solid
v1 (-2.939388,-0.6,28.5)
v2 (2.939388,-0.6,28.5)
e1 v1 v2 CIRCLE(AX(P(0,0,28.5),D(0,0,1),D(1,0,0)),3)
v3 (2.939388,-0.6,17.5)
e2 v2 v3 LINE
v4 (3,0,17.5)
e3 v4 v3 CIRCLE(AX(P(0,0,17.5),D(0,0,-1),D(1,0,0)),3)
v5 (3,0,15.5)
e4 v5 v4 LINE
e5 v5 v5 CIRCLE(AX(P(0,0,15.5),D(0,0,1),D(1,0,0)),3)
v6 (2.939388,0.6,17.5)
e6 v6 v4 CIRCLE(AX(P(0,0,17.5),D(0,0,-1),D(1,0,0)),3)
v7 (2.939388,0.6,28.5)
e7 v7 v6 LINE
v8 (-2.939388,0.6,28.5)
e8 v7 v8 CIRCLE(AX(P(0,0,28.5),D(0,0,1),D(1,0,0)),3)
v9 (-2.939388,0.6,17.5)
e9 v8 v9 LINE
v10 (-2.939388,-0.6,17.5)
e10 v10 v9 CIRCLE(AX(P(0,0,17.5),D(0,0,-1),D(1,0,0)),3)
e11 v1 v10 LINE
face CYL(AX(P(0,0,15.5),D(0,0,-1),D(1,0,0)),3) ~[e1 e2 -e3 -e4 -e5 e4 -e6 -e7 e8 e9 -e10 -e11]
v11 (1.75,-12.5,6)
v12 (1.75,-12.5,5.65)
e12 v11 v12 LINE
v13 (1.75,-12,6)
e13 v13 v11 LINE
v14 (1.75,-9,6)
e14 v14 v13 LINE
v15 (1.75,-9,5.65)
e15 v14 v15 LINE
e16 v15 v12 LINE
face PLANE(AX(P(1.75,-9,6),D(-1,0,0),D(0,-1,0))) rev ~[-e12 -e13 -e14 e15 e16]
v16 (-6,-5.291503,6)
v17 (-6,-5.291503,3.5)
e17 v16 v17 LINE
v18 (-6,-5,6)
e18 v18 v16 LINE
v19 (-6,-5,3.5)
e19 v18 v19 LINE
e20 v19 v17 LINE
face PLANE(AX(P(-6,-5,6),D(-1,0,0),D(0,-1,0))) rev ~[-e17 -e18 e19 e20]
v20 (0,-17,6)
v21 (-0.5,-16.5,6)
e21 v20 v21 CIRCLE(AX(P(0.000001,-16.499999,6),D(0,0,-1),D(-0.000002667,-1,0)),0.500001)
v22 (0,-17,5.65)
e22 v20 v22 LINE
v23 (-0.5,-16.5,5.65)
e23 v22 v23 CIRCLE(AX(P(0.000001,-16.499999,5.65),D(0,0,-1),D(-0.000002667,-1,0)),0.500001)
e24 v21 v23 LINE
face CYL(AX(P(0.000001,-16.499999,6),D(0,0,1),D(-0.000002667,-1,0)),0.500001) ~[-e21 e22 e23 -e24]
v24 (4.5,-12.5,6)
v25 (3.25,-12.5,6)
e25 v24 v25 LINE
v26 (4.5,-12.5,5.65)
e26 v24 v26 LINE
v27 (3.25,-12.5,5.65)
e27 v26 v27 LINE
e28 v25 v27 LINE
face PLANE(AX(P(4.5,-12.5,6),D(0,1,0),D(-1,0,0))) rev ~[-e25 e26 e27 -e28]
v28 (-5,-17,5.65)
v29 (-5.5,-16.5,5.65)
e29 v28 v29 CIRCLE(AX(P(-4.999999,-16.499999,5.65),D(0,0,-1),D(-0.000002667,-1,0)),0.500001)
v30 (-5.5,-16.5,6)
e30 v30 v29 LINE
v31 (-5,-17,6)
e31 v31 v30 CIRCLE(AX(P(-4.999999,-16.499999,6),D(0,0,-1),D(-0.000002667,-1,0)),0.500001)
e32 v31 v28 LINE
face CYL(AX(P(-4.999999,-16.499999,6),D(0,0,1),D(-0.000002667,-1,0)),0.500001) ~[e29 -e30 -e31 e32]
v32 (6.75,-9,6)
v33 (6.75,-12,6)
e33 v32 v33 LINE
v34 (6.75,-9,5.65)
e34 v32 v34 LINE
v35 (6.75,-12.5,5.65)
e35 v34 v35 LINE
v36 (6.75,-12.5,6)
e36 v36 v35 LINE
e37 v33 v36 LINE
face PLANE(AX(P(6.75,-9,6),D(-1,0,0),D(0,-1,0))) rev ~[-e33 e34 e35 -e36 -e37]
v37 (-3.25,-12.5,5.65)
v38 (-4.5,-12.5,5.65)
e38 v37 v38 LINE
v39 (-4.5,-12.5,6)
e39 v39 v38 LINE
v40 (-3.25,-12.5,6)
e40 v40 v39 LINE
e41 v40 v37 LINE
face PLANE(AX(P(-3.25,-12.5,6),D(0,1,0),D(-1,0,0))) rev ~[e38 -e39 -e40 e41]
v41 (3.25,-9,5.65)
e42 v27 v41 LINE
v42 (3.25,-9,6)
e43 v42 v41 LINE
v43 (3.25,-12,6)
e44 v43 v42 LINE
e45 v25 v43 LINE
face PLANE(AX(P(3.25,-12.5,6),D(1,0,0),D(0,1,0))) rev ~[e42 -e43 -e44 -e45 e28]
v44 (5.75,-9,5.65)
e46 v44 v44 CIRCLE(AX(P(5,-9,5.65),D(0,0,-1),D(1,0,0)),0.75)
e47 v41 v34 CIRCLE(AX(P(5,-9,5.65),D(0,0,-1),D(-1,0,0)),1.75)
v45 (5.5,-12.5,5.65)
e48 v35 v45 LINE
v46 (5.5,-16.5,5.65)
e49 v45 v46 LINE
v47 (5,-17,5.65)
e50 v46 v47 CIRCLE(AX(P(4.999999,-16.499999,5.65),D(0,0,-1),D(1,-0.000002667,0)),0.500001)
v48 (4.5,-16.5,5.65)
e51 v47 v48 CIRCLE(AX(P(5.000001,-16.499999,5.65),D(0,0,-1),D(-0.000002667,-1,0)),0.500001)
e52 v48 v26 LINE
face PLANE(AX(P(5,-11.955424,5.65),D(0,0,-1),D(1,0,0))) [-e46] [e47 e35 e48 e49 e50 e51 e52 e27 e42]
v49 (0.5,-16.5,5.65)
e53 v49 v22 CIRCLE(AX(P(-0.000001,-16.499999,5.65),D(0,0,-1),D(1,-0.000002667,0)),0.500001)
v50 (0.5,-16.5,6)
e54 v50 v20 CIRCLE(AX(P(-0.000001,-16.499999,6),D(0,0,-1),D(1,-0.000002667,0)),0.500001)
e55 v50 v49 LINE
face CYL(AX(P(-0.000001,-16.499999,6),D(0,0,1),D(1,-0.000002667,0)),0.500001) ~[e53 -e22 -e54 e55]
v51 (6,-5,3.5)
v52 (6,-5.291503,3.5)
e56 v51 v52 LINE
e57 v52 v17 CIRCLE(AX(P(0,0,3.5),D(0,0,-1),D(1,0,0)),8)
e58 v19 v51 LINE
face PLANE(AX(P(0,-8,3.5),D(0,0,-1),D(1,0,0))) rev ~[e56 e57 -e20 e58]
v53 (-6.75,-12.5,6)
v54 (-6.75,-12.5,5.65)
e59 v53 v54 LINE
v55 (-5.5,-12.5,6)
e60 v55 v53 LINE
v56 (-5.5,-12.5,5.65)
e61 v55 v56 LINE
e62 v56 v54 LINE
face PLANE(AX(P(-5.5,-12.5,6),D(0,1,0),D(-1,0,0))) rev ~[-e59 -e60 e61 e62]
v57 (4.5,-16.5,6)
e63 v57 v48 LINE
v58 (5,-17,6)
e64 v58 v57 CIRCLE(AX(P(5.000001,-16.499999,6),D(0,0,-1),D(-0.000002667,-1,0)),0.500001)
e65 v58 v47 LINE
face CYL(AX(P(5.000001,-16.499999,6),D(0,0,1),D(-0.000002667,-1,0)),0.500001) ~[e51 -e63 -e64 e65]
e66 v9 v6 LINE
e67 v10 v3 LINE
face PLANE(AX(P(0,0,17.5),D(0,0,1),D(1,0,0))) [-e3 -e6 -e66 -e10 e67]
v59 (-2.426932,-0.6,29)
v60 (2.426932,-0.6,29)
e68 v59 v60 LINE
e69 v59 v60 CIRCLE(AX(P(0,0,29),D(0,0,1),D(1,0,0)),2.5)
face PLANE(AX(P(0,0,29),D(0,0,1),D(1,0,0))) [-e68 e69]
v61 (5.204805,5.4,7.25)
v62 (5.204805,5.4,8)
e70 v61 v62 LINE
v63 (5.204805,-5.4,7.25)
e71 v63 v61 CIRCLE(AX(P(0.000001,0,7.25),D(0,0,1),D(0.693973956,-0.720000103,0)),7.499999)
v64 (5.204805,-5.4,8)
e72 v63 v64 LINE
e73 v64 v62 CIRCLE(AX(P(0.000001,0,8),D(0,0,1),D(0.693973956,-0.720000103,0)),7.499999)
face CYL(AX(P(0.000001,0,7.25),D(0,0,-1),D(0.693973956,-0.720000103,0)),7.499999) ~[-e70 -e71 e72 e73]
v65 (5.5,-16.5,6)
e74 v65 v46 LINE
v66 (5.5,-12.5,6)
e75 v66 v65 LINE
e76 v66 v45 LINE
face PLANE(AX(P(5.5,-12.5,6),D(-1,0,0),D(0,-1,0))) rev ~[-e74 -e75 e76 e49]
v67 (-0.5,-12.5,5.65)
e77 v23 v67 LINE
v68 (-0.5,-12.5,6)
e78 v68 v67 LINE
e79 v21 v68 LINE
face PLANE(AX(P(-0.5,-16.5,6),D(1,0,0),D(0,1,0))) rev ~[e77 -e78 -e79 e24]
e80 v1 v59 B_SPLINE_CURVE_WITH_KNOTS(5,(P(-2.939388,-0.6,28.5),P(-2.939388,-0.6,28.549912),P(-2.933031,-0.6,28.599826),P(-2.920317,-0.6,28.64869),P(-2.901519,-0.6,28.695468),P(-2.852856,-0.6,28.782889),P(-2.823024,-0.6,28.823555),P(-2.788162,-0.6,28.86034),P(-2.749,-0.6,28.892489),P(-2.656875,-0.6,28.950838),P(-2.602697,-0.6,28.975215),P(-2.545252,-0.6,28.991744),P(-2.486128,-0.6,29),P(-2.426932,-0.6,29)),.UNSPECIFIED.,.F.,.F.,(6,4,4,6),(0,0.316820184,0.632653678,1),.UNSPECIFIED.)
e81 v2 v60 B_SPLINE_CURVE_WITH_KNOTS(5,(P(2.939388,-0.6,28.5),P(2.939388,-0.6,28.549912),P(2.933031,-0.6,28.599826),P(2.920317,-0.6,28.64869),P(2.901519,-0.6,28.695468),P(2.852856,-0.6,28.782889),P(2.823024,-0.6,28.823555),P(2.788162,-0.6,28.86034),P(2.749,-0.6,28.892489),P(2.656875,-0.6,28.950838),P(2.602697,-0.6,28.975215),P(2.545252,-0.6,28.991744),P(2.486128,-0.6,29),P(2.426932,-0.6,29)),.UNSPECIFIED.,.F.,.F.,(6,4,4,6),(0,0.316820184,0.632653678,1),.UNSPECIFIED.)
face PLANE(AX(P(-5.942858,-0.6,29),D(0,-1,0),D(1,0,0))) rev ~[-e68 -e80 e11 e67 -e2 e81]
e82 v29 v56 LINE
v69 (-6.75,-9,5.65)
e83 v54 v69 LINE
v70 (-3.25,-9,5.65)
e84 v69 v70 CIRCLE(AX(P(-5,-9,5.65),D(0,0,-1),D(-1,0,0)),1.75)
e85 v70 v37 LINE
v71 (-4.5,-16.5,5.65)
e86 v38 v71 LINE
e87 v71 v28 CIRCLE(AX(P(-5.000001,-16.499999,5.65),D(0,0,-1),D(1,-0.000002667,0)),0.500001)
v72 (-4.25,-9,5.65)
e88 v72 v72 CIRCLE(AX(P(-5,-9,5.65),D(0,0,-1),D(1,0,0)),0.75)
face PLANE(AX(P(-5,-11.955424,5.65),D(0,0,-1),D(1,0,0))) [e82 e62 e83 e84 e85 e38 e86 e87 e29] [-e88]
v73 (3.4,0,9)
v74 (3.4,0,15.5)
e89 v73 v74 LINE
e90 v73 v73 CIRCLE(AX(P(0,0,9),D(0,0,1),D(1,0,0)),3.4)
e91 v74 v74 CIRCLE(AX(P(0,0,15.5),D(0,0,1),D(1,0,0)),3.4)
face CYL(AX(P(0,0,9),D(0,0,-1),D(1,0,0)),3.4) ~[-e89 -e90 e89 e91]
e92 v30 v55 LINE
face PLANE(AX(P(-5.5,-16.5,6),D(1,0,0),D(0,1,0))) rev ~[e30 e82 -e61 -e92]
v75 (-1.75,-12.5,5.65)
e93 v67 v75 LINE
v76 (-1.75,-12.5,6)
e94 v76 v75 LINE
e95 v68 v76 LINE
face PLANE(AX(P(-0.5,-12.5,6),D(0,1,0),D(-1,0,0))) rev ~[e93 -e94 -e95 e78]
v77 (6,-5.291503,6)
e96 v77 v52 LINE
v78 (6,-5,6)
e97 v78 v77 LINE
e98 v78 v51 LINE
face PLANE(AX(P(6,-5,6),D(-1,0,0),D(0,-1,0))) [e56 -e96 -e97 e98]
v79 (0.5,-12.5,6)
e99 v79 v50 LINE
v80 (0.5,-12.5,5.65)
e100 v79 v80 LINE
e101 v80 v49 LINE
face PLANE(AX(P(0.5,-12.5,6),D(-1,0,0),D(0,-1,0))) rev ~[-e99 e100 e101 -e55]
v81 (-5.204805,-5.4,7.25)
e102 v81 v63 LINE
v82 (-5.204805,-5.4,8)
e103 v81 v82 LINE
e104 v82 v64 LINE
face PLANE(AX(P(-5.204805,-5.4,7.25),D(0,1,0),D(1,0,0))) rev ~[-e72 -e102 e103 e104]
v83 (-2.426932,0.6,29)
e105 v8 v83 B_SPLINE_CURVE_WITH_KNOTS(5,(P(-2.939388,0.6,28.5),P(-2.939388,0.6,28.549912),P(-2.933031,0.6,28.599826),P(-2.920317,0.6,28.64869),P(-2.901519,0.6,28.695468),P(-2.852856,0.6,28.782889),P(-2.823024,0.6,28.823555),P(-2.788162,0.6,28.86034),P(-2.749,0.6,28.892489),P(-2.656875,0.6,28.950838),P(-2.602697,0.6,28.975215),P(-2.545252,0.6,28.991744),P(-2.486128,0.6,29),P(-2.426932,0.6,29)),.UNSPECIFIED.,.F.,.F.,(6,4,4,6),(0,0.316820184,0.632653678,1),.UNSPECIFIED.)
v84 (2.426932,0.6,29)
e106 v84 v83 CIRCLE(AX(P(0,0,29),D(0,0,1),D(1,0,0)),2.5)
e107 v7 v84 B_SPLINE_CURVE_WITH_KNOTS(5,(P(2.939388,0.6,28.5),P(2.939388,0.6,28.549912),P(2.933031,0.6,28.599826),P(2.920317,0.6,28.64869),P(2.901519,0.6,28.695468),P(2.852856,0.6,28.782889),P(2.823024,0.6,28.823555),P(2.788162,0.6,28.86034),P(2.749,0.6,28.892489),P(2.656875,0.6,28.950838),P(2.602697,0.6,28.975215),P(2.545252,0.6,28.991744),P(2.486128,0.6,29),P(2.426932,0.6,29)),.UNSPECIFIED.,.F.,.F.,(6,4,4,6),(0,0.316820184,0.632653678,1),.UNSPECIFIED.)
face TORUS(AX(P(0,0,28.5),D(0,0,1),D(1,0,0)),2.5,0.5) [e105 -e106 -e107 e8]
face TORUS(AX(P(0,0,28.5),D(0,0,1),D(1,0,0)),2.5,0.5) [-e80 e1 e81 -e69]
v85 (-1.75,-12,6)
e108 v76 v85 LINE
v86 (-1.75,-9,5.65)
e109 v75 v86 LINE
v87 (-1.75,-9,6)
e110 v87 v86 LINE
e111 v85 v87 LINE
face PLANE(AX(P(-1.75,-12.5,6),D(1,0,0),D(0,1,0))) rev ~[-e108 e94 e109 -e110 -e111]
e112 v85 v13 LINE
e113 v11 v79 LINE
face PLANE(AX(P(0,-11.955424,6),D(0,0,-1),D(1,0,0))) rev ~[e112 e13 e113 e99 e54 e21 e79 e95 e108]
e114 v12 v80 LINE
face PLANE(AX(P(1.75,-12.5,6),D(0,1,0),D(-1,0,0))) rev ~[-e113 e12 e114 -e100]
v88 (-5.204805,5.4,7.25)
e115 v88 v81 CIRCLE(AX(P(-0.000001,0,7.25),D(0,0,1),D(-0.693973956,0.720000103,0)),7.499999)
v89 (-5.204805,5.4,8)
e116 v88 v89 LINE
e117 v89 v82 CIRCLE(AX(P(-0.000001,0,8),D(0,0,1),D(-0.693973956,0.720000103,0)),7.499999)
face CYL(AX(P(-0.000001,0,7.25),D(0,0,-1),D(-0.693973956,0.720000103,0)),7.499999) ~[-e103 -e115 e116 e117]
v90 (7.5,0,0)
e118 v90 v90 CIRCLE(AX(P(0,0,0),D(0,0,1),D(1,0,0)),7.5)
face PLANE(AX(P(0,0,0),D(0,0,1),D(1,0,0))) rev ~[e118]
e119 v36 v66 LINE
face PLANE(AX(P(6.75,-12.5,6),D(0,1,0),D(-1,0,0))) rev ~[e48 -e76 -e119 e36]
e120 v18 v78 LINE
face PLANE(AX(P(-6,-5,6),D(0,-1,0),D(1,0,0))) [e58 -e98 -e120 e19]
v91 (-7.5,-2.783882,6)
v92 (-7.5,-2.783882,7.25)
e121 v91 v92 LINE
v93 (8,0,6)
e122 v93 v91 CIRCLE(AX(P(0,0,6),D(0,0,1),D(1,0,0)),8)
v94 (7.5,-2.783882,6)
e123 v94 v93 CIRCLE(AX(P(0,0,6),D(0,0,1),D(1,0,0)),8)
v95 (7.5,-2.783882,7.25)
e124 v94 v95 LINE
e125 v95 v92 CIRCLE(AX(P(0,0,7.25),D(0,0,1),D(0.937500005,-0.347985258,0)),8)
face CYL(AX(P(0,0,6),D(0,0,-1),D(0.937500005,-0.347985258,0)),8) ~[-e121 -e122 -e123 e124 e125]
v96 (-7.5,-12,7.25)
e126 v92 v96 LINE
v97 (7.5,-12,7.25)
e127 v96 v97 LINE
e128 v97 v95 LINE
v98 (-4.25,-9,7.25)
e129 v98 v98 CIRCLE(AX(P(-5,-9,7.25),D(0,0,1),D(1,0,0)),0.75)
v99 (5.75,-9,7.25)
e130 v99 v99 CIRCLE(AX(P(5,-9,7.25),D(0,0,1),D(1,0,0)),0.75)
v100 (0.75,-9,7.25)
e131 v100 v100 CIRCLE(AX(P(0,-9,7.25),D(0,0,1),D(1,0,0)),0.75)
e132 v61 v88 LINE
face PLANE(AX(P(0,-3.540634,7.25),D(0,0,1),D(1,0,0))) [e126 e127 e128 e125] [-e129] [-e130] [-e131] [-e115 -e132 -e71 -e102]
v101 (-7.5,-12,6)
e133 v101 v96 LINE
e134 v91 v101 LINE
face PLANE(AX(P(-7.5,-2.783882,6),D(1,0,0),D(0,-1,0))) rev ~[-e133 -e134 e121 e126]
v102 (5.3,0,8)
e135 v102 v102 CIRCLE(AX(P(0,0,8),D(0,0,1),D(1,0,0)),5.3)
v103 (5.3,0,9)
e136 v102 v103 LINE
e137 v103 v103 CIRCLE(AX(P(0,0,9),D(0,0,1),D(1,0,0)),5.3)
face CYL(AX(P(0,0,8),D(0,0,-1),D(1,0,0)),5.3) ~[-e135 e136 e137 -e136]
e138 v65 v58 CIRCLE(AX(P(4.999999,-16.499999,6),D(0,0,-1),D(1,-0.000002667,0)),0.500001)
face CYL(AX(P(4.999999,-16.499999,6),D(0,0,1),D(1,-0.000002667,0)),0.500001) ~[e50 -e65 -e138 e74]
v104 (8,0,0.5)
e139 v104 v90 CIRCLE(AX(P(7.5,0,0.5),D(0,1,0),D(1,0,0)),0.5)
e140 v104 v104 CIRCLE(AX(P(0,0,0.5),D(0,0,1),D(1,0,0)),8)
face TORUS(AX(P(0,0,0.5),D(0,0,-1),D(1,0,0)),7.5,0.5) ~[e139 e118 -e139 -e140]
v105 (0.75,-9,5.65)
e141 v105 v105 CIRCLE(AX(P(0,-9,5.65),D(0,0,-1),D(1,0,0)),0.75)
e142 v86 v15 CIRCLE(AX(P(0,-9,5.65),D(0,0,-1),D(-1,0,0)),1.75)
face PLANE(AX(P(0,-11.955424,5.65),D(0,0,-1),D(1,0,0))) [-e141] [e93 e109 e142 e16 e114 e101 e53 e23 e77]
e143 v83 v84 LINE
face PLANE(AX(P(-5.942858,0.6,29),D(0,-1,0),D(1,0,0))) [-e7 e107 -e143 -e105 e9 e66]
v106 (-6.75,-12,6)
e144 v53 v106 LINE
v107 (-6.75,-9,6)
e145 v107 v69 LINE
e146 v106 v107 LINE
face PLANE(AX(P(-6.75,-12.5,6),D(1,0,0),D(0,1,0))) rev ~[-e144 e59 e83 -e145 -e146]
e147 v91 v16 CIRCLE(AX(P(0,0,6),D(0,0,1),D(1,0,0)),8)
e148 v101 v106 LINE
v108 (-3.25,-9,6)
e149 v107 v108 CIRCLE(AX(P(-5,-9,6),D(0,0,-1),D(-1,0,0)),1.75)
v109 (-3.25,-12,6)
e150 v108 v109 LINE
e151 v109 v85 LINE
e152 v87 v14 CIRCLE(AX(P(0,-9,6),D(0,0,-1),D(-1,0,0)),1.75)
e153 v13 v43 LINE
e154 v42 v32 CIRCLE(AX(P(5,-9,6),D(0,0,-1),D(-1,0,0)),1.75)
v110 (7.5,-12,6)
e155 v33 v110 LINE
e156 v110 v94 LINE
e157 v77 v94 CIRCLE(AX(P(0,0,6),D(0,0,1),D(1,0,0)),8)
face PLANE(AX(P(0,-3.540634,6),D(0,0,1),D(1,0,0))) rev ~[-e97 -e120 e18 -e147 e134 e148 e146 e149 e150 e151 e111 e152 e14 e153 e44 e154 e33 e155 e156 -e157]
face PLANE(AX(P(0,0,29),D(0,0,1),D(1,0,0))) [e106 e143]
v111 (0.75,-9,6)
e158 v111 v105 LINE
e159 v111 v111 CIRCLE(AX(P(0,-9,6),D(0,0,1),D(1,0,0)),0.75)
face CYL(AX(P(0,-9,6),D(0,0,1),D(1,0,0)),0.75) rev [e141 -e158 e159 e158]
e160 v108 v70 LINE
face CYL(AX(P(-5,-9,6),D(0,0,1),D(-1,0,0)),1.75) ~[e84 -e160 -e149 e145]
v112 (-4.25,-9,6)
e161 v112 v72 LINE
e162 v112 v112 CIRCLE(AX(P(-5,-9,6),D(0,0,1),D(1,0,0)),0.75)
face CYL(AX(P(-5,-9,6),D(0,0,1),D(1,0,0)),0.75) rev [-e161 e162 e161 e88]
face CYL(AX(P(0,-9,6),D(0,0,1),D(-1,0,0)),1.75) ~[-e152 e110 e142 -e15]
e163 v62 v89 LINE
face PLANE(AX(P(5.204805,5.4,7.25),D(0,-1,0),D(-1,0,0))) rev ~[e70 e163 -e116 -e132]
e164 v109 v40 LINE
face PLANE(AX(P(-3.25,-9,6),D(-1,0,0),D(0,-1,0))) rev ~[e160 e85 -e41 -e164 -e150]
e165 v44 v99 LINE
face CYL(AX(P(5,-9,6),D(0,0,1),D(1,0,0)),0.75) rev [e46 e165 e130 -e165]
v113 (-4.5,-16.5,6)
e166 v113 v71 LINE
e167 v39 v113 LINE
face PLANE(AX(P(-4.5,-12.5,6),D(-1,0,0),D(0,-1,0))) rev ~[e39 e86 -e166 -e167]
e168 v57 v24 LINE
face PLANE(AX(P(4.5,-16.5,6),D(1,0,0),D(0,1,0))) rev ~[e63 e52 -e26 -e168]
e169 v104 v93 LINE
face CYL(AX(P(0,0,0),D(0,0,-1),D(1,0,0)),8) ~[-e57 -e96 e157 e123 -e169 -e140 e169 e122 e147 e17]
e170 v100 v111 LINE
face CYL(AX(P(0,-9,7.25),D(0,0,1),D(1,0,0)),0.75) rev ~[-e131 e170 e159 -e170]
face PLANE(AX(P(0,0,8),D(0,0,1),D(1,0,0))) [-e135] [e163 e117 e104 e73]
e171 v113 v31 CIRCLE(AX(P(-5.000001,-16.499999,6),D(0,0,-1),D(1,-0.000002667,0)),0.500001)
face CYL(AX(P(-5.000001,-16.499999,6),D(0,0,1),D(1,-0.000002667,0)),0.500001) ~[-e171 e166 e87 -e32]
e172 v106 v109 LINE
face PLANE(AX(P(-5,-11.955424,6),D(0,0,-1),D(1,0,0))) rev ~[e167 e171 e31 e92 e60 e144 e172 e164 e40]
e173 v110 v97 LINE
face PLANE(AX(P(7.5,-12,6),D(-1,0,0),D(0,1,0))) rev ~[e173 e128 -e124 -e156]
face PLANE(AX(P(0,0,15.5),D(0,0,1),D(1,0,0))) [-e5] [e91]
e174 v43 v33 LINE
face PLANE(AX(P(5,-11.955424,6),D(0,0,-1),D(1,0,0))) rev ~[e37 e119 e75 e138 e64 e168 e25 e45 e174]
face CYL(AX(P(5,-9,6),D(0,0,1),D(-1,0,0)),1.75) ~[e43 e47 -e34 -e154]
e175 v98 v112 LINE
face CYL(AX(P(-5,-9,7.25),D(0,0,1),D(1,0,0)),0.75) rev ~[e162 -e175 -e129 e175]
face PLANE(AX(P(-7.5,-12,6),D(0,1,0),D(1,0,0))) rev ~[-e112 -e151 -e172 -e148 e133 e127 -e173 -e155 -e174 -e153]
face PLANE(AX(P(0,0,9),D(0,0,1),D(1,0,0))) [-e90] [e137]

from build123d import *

# Parameters (mm, degrees)
F0_R      = 8
F1_DEPTH  = 6
F3_DEPTH  = 1.25
F5_DEPTH  = 0.75
F6_R      = 5.3
F7_DEPTH  = 1
F8_R      = 3.4
F9_DEPTH  = 6.5
F10_R     = 3
F11_DEPTH = 13.5
F12_W     = 12
F12_H     = 6
F13_DEPTH = 2.5
F14_R     = 0.75
F15_DEPTH = 25
F16_R     = 0.75
F17_DEPTH = 0.35
F18_R     = 0.5
F19_W     = 11.885716
F19_H     = 1.2
F20_DEPTH = 11.5


with BuildPart() as f1:
    # F0 (on Top) → F1 (new body)
    with BuildSketch(Plane.XY):
        Circle(F0_R)
    extrude(amount=F1_DEPTH)

    # F2 (on face) → F3 (join)
    with BuildSketch(Plane.XY.offset(6)):
        with BuildLine():
            Line((-7.5, -12), (7.5, -12))
            Line((7.5, -12), (7.5, -2.783882))
            ThreePointArc((7.5, -2.783882), (0, 8), (-7.5, -2.783882))
            Line((-7.5, -2.783882), (-7.5, -12))
        make_face()
    extrude(amount=F3_DEPTH)

    # F4 (on face) → F5 (join)
    with BuildSketch(Plane.XY.offset(7.25)):
        with BuildLine():
            Line((5.204805, 5.4), (-5.204805, 5.4))
            ThreePointArc((-5.204805, 5.4), (-7.5, 0), (-5.204805, -5.4))
            Line((-5.204805, -5.4), (5.204805, -5.4))
            ThreePointArc((5.204805, -5.4), (7.5, 0), (5.204805, 5.4))
        make_face()
    extrude(amount=F5_DEPTH)

    # F6 (on face) → F7 (join)
    with BuildSketch(Plane.XY.offset(8)):
        Circle(F6_R)
    extrude(amount=F7_DEPTH)

    # F8 (on face) → F9 (join)
    with BuildSketch(Plane.XY.offset(9)):
        Circle(F8_R)
    extrude(amount=F9_DEPTH)

    # F10 (on face) → F11 (join)
    with BuildSketch(Plane.XY.offset(15.5)):
        Circle(F10_R)
    extrude(amount=F11_DEPTH)

    # F12 (on face) → F13 (cut)
    with BuildSketch(Plane(origin=(0, 0, 6), x_dir=(1, 0, 0), z_dir=(0, 0, -1))):
        with Locations((0, 8)):
            Rectangle(F12_W, F12_H)
    extrude(amount=F13_DEPTH, mode=Mode.SUBTRACT)

    # F14 (on face) → F15 (cut)
    with BuildSketch(Plane.XY.offset(7.25)):
        with Locations((-5, -9)):
            Circle(F14_R)
        with Locations((0, -9)):
            Circle(F14_R)
        with Locations((5, -9)):
            Circle(F14_R)
    extrude(amount=-F15_DEPTH, mode=Mode.SUBTRACT)

    # F16 (on face) → F17 (join)
    with BuildSketch(Plane(origin=(0, 0, 6), x_dir=(1, 0, 0), z_dir=(0, 0, -1))):
        with BuildLine():
            Line((4.5, 12.5), (3.25, 12.5))
            Line((3.25, 12.5), (3.25, 9))
            ThreePointArc((3.25, 9), (5, 7.25), (6.75, 9))
            Line((6.75, 9), (6.75, 12.5))
            Line((6.75, 12.5), (5.5, 12.5))
            Line((5.5, 12.5), (5.5, 16.5))
            ThreePointArc((5.5, 16.5), (5.353553, 16.853553), (5, 17))
            ThreePointArc((5, 17), (4.646447, 16.853553), (4.5, 16.5))
            Line((4.5, 16.5), (4.5, 12.5))
        make_face()
        with Locations((5, 9)):
            Circle(F16_R, mode=Mode.SUBTRACT)
        with BuildLine():
            Line((-0.5, 16.5), (-0.5, 12.5))
            Line((-0.5, 12.5), (-1.75, 12.5))
            Line((-1.75, 12.5), (-1.75, 9))
            ThreePointArc((-1.75, 9), (0, 7.25), (1.75, 9))
            Line((1.75, 9), (1.75, 12.5))
            Line((1.75, 12.5), (0.5, 12.5))
            Line((0.5, 12.5), (0.5, 16.5))
            ThreePointArc((0.5, 16.5), (0.353553, 16.853553), (0, 17))
            ThreePointArc((0, 17), (-0.353553, 16.853553), (-0.5, 16.5))
        make_face()
        with Locations((0, 9)):
            Circle(F16_R, mode=Mode.SUBTRACT)
        with BuildLine():
            Line((-5.5, 16.5), (-5.5, 12.5))
            Line((-5.5, 12.5), (-6.75, 12.5))
            Line((-6.75, 12.5), (-6.75, 9))
            ThreePointArc((-6.75, 9), (-5, 7.25), (-3.25, 9))
            Line((-3.25, 9), (-3.25, 12.5))
            Line((-3.25, 12.5), (-4.5, 12.5))
            Line((-4.5, 12.5), (-4.5, 16.5))
            ThreePointArc((-4.5, 16.5), (-4.646447, 16.853553), (-5, 17))
            ThreePointArc((-5, 17), (-5.353553, 16.853553), (-5.5, 16.5))
        make_face()
        with Locations((-5, 9)):
            Circle(F16_R, mode=Mode.SUBTRACT)
    extrude(amount=F17_DEPTH)

    # F18
    f18_edges = [f1.edges().sort_by_distance(p)[0] for p in [
        (-3, 0, 29),
        (-8, 0, 0),
    ]]
    fillet(f18_edges, radius=F18_R)

    # F19 (on face) → F20 (cut)
    with BuildSketch(Plane.XY.offset(29)):
        Rectangle(F19_W, F19_H)
    extrude(amount=-F20_DEPTH, mode=Mode.SUBTRACT)


solid = f1.part
